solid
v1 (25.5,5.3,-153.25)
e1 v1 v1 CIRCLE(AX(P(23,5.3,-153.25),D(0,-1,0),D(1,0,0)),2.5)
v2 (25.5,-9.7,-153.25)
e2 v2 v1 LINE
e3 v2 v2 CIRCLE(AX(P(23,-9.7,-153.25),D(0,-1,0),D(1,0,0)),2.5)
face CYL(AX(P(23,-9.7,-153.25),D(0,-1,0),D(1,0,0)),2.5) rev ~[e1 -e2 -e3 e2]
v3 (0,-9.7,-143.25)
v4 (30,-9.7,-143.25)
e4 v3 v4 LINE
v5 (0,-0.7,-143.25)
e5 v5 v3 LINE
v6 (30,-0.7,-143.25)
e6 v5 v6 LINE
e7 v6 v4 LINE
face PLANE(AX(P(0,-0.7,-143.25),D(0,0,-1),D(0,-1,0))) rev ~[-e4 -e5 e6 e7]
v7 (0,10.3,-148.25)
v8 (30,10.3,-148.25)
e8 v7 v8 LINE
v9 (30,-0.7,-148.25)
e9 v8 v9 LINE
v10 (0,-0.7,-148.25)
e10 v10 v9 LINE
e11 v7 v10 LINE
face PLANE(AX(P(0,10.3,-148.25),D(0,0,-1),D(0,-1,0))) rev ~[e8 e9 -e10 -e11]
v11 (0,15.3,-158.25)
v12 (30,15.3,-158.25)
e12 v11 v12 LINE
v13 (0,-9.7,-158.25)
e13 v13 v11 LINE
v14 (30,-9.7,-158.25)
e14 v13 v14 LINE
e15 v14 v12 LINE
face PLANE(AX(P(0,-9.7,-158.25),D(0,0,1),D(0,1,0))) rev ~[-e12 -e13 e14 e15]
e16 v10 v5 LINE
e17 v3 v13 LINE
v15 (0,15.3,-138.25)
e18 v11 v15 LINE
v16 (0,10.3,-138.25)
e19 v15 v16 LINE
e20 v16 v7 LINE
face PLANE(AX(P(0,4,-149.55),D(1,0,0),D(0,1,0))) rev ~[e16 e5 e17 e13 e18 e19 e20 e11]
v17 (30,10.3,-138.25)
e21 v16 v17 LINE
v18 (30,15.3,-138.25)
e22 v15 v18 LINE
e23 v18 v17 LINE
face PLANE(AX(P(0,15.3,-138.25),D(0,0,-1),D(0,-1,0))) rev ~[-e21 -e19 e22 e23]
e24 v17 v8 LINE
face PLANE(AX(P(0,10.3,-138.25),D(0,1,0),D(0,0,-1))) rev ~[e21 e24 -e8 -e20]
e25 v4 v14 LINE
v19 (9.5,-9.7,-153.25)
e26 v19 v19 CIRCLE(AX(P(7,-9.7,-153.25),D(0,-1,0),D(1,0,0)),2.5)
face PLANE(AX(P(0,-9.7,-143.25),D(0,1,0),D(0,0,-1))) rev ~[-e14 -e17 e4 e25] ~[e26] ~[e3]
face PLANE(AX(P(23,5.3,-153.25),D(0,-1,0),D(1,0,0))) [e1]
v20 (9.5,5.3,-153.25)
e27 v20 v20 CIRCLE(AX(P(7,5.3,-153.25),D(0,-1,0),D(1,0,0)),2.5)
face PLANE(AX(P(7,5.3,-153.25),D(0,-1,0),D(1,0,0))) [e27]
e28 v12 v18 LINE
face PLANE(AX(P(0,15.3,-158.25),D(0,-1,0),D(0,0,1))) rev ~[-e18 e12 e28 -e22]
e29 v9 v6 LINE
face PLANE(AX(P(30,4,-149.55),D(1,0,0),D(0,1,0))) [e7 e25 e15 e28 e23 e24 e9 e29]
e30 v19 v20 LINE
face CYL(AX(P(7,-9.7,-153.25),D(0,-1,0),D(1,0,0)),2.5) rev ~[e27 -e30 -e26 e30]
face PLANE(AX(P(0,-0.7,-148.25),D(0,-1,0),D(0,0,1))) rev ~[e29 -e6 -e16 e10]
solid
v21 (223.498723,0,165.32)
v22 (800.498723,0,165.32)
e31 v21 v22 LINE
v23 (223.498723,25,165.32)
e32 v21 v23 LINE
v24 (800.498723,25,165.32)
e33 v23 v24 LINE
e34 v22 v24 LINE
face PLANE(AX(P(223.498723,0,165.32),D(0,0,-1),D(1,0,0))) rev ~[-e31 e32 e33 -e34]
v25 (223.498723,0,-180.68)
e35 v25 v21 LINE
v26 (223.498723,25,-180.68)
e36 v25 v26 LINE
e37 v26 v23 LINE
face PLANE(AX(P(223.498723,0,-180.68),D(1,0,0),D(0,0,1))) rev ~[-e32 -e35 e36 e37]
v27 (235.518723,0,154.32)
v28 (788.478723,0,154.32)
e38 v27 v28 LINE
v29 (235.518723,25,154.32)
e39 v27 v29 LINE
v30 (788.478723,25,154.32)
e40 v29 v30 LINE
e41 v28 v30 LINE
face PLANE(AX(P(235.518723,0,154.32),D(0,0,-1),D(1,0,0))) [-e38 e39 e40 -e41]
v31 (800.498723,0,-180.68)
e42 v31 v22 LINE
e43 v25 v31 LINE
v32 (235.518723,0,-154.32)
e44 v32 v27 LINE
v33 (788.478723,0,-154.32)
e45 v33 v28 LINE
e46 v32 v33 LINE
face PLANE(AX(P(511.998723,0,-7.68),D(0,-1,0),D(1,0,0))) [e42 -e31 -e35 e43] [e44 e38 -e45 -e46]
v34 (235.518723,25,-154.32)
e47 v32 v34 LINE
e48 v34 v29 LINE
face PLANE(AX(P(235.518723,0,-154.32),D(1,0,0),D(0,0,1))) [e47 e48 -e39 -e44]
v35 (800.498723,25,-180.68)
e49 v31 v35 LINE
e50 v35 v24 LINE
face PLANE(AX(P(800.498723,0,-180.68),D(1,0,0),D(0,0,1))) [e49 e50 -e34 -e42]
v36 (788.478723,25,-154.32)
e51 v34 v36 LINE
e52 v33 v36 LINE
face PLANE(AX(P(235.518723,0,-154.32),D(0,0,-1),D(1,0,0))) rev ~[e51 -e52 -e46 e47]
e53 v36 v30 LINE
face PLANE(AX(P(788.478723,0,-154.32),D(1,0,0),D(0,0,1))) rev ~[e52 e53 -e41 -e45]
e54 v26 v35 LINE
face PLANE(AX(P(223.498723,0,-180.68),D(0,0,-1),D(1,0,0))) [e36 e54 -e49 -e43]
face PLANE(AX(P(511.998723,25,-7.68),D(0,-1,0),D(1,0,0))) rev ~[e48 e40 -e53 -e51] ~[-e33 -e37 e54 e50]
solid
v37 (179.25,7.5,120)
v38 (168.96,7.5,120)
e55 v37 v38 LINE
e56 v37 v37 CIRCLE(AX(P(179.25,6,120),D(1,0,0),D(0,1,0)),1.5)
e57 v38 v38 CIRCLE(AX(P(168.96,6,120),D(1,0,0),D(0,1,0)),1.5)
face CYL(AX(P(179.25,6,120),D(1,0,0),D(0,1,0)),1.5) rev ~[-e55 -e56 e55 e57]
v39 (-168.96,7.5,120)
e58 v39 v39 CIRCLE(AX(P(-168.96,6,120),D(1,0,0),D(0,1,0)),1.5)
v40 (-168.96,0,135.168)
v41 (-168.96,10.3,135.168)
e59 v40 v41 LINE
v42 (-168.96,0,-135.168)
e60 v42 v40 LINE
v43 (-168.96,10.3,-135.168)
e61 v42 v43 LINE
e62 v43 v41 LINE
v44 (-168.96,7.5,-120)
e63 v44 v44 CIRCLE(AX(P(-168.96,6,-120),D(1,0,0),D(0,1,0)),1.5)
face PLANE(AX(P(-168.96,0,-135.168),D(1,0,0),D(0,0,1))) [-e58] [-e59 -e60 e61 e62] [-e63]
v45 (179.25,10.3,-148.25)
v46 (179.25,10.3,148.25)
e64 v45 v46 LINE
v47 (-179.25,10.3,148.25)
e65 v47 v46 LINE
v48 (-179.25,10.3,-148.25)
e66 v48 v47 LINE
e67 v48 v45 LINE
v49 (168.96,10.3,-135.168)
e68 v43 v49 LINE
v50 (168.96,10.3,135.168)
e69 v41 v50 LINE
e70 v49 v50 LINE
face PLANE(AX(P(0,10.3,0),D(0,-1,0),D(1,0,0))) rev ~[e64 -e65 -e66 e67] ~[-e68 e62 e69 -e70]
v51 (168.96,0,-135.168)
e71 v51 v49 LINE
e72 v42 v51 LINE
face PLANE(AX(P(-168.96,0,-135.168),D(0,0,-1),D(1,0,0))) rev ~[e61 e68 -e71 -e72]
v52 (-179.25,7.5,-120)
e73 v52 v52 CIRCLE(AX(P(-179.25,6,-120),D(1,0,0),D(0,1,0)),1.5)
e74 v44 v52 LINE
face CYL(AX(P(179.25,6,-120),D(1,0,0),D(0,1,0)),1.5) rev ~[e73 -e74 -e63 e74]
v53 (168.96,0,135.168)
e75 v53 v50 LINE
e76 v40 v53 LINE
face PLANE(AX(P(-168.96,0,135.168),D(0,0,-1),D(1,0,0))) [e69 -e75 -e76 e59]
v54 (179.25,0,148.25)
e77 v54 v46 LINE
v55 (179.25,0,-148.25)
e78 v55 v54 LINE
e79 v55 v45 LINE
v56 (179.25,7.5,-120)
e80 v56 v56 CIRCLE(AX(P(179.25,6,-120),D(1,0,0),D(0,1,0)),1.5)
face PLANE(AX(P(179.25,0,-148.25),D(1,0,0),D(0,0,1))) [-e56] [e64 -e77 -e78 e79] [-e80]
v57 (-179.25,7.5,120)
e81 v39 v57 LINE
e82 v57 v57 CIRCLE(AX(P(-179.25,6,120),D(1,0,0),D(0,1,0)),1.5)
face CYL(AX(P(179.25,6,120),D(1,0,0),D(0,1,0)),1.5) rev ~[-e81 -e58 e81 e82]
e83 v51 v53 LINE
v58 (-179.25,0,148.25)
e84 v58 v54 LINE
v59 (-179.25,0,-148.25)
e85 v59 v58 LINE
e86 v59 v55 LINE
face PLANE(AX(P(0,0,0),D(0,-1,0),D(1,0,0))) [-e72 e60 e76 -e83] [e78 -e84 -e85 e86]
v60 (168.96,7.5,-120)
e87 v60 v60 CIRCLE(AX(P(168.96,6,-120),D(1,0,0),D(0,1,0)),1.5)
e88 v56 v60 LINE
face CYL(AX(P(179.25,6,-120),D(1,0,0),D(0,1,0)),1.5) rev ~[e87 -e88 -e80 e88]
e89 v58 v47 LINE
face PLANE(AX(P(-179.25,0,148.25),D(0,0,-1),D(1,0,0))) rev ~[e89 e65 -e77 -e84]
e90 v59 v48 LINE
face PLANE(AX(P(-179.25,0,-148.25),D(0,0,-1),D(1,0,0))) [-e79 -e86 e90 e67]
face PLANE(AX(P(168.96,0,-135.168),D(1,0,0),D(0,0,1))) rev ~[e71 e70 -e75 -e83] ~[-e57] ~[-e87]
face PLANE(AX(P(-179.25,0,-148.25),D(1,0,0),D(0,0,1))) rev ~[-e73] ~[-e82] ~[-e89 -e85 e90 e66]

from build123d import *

# Parameters (mm, degrees)
F0_W     = 358.5
F0_H     = 296.5
F0_W_2   = 337.92
F0_H_2   = 270.336
F1_DEPTH = 10.3
F2_R     = 1.5
F3_DEPTH = 390
F5_DEPTH = 30
F6_R     = 2.5
F7_DEPTH = 15
F8_W     = 577
F8_H     = 346
F8_W_2   = 552.96
F8_H_2   = 308.64
F9_DEPTH = 25


with BuildPart() as f1:
    # F0 (on Front) → F1 (new body)
    with BuildSketch(Plane.XZ):
        Rectangle(F0_W, F0_H)
        Rectangle(F0_W_2, F0_H_2, mode=Mode.SUBTRACT)
    extrude(amount=-F1_DEPTH)

    # F2 (on face) → F3 (cut)
    with BuildSketch(Plane.YZ.offset(179.25)):
        with Locations((6, 120)):
            Circle(F2_R)
        with Locations((6, -120)):
            Circle(F2_R)
    extrude(amount=-F3_DEPTH, mode=Mode.SUBTRACT)


with BuildPart() as f5:
    # F4 (on Right) → F5 (new body)
    with BuildSketch(Plane.YZ):
        Polygon((-9.7, -158.25), (15.3, -158.25), (15.3, -138.25), (10.3, -138.25), (10.3, -148.25), (-0.7, -148.25), (-0.7, -143.25), (-9.7, -143.25), align=None)
    extrude(amount=F5_DEPTH)

    # F6 (on face) → F7 (cut)
    with BuildSketch(Plane.XZ.offset(9.7)):
        with Locations((7, -153.25)):
            Circle(F6_R)
        with Locations((23, -153.25)):
            Circle(F6_R)
    extrude(amount=-F7_DEPTH, mode=Mode.SUBTRACT)


with BuildPart() as f9:
    # F8 (on Front) → F9 (new body)
    with BuildSketch(Plane.XZ):
        with Locations((511.998723, -7.68)):
            Rectangle(F8_W, F8_H)
        with Locations((511.998723, 0)):
            Rectangle(F8_W_2, F8_H_2, mode=Mode.SUBTRACT)
    extrude(amount=-F9_DEPTH)


solid = Compound([f1.part, f5.part, f9.part])
